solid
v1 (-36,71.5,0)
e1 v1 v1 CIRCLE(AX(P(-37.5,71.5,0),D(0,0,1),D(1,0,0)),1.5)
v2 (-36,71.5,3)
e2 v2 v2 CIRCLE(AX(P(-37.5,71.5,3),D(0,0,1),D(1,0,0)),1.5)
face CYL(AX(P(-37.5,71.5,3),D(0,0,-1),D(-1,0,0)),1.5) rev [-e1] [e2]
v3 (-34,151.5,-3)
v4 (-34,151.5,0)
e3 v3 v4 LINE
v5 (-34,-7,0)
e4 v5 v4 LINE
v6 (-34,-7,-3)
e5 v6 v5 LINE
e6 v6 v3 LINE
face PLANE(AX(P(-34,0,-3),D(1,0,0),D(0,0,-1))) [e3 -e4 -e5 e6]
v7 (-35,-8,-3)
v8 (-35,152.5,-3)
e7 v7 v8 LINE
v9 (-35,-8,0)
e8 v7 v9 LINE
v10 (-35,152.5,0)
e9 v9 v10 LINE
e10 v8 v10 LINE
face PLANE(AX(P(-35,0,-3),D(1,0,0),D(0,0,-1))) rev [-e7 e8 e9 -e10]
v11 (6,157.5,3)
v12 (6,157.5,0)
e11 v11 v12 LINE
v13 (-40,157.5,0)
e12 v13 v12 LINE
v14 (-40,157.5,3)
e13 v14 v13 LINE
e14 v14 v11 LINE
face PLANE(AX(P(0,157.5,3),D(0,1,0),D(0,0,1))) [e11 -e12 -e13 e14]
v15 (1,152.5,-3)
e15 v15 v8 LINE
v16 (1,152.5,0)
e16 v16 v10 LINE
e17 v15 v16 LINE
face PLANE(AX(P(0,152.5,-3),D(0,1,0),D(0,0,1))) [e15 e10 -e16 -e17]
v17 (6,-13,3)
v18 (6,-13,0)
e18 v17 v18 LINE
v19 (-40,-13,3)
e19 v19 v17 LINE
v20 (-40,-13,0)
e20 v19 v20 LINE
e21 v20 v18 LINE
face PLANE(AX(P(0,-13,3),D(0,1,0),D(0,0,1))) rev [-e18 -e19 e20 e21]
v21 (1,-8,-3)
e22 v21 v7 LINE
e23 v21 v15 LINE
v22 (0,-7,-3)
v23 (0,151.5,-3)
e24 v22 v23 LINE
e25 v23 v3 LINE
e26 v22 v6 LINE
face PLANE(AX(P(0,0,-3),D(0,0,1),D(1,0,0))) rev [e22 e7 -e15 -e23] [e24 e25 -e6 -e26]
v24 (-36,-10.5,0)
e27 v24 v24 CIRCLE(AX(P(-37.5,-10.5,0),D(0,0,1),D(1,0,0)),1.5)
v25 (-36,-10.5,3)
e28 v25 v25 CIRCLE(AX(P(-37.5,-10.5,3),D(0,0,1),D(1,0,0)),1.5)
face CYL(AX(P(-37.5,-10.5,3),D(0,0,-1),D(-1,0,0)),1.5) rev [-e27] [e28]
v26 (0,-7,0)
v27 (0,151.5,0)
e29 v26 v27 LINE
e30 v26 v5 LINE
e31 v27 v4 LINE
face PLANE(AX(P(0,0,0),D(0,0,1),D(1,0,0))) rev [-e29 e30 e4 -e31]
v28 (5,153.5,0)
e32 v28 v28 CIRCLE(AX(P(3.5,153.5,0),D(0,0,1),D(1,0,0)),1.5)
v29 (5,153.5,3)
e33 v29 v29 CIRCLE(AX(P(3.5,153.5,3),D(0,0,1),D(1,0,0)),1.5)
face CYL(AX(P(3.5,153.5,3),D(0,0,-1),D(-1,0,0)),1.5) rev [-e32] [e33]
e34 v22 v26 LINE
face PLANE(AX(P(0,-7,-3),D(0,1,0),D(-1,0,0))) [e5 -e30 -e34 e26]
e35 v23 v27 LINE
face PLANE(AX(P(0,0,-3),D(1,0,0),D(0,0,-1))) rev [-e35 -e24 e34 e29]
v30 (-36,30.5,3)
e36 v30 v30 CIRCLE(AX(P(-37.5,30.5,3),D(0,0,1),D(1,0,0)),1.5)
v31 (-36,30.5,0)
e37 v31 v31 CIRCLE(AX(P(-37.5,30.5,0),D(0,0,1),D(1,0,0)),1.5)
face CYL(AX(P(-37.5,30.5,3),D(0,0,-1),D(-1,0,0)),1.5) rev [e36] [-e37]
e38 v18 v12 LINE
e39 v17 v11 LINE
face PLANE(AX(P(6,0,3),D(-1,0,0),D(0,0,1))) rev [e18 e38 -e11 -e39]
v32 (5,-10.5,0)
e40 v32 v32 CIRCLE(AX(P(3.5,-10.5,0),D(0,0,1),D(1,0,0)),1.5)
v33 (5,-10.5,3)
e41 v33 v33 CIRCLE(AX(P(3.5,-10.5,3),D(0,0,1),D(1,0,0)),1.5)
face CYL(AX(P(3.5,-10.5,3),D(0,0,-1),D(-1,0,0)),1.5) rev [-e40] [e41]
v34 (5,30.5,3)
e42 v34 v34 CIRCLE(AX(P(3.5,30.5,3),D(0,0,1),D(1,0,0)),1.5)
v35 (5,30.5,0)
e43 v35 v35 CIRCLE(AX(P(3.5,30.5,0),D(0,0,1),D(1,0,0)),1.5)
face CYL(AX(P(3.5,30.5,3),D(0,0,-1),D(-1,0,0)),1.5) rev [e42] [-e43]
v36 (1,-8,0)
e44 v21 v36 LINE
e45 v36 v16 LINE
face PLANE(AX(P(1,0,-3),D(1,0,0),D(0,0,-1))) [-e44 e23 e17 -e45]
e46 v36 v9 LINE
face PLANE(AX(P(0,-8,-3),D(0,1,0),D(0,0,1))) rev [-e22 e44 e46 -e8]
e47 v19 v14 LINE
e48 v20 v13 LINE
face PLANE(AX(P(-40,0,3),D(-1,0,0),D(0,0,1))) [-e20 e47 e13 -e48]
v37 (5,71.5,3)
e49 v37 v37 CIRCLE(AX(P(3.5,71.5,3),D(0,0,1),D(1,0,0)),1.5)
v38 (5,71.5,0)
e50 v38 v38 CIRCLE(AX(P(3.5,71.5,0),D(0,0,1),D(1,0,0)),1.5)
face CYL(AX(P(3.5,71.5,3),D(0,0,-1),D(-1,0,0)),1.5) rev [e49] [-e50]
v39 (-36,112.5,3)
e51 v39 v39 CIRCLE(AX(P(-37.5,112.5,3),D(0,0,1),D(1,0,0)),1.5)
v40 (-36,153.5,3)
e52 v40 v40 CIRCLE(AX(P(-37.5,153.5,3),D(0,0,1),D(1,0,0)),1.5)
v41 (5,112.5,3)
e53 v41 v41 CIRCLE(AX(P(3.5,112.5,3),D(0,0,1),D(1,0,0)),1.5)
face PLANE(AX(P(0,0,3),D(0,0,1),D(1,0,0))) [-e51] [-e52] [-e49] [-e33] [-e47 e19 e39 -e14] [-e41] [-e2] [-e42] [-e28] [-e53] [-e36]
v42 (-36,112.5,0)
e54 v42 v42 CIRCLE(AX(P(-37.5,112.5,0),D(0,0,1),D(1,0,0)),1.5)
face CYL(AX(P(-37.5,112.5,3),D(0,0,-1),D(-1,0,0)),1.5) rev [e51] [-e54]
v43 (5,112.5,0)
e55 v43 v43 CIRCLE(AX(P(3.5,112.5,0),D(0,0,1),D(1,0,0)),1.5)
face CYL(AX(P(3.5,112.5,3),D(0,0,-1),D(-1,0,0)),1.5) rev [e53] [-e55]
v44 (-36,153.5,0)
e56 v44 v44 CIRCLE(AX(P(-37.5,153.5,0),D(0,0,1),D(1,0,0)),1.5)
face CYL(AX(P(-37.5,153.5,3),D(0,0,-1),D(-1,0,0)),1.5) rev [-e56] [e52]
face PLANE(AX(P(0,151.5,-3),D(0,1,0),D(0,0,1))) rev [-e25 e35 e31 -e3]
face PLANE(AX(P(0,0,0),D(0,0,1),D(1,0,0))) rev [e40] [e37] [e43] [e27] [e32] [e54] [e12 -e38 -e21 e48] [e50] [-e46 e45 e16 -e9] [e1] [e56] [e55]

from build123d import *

# Parameters (mm, degrees)
SKICA1_W                = 46
SKICA1_H                = 170.5
SKICA1_R                = 1.5
P_IDAT_VYSUNUT_M1_DEPTH = 3
SKICA2_W                = 36
SKICA2_H                = 160.5
SKICA2_W_2              = 34
SKICA2_H_2              = 158.5
P_IDAT_VYSUNUT_M2_DEPTH = 6


with BuildPart() as part:
    # Skica1 → Přidat vysunutím1 (new body)
    with BuildSketch(Plane.XY):
        with Locations((-17, 72.25)):
            Rectangle(SKICA1_W, SKICA1_H)
        with Locations((-37.5, -10.5)):
            Circle(SKICA1_R, mode=Mode.SUBTRACT)
        with Locations((3.5, -10.5)):
            Circle(SKICA1_R, mode=Mode.SUBTRACT)
        with Locations((3.5, 30.5)):
            Circle(SKICA1_R, mode=Mode.SUBTRACT)
        with Locations((3.5, 71.5)):
            Circle(SKICA1_R, mode=Mode.SUBTRACT)
        with Locations((3.5, 112.5)):
            Circle(SKICA1_R, mode=Mode.SUBTRACT)
        with Locations((3.5, 153.5)):
            Circle(SKICA1_R, mode=Mode.SUBTRACT)
        with Locations((-37.5, 30.5)):
            Circle(SKICA1_R, mode=Mode.SUBTRACT)
        with Locations((-37.5, 71.5)):
            Circle(SKICA1_R, mode=Mode.SUBTRACT)
        with Locations((-37.5, 112.5)):
            Circle(SKICA1_R, mode=Mode.SUBTRACT)
        with Locations((-37.5, 153.5)):
            Circle(SKICA1_R, mode=Mode.SUBTRACT)
    extrude(amount=P_IDAT_VYSUNUT_M1_DEPTH)

    # Skica2 → Přidat vysunutím2 (add)
    with BuildSketch(Plane.XY.offset(3)):
        with Locations((-17, 72.25)):
            Rectangle(SKICA2_W, SKICA2_H)
        with Locations((-17, 72.25)):
            Rectangle(SKICA2_W_2, SKICA2_H_2, mode=Mode.SUBTRACT)
    extrude(amount=-P_IDAT_VYSUNUT_M2_DEPTH)


solid = part.part
